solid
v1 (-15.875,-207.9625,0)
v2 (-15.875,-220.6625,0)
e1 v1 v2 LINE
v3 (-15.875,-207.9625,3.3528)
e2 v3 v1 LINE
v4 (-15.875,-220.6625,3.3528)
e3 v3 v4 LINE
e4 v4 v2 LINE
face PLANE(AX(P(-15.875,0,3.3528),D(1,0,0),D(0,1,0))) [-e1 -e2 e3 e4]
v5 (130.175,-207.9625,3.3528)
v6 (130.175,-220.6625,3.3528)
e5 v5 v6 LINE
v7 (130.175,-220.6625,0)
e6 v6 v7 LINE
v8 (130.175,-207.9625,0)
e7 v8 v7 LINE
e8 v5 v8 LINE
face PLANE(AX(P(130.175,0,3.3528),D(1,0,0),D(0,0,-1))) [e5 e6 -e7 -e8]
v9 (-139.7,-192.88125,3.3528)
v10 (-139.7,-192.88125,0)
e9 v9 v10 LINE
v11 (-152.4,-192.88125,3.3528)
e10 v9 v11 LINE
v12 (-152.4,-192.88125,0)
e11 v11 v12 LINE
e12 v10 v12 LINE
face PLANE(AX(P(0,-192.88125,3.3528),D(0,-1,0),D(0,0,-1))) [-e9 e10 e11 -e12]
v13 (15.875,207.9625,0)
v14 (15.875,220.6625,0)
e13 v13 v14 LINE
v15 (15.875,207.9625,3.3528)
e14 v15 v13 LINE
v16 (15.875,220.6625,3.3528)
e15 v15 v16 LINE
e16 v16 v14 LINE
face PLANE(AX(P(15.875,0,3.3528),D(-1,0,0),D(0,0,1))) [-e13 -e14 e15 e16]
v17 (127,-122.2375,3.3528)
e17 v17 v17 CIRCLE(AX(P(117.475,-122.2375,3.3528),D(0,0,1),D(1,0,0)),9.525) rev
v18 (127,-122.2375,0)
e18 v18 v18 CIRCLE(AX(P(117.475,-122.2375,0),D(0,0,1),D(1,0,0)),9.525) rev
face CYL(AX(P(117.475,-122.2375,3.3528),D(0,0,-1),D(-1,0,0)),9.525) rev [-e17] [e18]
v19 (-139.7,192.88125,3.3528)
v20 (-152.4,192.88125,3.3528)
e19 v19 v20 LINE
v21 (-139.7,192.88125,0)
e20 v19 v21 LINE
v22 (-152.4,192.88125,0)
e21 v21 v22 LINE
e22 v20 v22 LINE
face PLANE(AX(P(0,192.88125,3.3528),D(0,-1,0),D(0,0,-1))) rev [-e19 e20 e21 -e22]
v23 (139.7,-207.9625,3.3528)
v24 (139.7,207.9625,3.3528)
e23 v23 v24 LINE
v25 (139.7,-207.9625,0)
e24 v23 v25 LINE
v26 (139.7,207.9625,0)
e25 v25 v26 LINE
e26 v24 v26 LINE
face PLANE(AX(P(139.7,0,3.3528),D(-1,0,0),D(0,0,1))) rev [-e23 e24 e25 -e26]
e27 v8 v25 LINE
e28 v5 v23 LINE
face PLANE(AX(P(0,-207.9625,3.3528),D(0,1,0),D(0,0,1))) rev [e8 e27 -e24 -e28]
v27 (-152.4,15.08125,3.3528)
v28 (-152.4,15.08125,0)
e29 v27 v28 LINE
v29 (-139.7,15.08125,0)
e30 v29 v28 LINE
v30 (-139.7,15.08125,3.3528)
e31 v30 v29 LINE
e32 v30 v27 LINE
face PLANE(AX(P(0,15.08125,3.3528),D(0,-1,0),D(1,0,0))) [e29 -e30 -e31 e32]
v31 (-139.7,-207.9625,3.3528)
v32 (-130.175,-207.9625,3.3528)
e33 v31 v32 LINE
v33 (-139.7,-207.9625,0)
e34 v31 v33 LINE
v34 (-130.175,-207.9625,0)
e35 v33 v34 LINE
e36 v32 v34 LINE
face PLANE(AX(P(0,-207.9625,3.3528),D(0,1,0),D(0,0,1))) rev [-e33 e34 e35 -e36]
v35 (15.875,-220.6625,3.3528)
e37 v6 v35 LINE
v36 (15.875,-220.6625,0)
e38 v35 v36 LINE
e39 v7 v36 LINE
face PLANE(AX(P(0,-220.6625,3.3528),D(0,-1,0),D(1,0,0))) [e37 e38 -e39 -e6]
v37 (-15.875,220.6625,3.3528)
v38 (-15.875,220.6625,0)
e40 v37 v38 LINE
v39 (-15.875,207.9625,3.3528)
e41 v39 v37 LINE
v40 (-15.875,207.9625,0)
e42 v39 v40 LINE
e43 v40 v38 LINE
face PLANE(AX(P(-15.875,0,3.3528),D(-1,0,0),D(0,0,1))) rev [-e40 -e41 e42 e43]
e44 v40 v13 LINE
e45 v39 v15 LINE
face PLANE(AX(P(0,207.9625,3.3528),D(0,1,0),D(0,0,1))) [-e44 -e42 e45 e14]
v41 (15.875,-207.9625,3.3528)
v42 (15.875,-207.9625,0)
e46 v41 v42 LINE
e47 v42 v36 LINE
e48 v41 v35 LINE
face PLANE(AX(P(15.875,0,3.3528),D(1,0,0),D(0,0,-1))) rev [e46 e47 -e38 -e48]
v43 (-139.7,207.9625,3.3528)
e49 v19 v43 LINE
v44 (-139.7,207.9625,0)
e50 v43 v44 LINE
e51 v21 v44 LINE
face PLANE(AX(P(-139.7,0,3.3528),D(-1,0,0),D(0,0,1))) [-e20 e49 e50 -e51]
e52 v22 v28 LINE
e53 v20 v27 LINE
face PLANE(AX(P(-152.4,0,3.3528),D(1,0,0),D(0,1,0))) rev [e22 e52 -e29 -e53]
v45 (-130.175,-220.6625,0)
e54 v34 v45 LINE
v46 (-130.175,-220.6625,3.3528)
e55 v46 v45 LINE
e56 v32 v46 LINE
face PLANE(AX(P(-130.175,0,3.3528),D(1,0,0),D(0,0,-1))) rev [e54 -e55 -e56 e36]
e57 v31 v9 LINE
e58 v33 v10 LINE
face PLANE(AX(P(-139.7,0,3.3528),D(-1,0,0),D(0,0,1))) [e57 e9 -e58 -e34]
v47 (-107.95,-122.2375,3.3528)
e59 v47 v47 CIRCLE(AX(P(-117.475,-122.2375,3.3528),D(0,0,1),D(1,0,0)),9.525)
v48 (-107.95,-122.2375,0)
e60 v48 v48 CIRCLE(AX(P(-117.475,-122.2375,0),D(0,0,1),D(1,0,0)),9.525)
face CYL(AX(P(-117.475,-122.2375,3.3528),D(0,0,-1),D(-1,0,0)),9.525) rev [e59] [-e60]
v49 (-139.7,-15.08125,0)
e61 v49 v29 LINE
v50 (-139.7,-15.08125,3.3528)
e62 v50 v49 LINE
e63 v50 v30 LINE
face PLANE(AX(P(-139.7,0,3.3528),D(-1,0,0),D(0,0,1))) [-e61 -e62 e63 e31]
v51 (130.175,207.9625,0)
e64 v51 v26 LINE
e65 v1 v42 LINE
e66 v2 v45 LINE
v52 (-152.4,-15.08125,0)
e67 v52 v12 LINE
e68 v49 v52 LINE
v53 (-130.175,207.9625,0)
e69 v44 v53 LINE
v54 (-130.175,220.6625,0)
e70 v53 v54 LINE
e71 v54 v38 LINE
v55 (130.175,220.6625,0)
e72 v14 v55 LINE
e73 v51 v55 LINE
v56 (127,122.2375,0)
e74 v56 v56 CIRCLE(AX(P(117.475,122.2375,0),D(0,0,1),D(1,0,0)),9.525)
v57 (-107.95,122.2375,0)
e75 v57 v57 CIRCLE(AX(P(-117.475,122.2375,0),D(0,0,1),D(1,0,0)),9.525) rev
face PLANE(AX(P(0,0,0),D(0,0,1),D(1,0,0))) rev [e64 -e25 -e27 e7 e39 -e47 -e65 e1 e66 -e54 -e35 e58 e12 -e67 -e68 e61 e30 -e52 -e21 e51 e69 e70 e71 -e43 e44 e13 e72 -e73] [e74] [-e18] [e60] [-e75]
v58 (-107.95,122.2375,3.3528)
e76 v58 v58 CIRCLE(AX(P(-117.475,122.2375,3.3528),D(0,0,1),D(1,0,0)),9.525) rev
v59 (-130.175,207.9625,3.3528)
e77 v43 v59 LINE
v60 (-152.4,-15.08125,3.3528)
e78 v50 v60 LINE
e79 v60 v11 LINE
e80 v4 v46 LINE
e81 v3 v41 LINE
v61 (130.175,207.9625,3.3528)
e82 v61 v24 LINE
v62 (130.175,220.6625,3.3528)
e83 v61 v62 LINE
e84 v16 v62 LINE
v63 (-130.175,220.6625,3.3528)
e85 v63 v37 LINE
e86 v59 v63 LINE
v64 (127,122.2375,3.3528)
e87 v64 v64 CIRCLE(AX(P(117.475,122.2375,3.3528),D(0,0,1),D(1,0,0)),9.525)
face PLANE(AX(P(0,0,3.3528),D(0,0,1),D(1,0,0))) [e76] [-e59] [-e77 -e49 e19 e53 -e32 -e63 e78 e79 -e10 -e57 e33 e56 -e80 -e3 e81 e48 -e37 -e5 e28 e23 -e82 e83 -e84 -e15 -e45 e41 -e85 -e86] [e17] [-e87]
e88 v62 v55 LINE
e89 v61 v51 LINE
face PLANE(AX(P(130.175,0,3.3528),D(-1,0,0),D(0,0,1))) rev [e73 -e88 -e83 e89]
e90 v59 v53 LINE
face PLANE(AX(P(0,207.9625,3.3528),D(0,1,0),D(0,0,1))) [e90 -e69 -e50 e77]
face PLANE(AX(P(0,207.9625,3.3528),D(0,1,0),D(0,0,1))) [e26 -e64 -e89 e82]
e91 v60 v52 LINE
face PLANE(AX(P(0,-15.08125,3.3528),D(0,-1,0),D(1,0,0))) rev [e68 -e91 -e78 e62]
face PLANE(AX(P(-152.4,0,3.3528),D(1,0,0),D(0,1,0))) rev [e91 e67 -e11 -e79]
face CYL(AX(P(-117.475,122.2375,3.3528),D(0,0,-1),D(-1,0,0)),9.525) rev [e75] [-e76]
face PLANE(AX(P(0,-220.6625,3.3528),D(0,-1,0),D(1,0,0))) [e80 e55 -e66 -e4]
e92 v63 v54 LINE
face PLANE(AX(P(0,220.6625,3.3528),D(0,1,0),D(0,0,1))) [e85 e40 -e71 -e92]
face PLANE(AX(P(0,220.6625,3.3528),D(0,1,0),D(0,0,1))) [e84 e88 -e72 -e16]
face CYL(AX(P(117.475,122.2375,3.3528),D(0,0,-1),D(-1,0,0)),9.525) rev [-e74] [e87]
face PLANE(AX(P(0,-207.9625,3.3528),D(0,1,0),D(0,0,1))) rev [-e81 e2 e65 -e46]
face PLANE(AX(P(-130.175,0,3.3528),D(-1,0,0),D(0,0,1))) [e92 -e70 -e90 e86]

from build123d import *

# Parameters (mm, degrees)
SKETCH1_W           = 279.4
SKETCH1_H           = 415.925
SKETCH1_R           = 9.525
SKETCH1_W_2         = 12.7
SKETCH1_H_2         = 177.8
SKETCH1_W_3         = 114.3
SKETCH1_H_3         = 12.7
BOSS_EXTRUDE3_DEPTH = 3.3528


with BuildPart() as part:
    # Sketch1 → Boss-Extrude3 (new body)
    # profile 1 of 7: a face of its own
    with BuildSketch(Plane.XY):
        Rectangle(SKETCH1_W, SKETCH1_H)
        with Locations((117.475, -122.2375)):
            Circle(SKETCH1_R, mode=Mode.SUBTRACT)
        with Locations((117.475, 122.2375)):
            Circle(SKETCH1_R, mode=Mode.SUBTRACT)
        with Locations((-117.475, -122.2375)):
            Circle(SKETCH1_R, mode=Mode.SUBTRACT)
        with Locations((-117.475, 122.2375)):
            Circle(SKETCH1_R, mode=Mode.SUBTRACT)
    # profile 2 of 7: a face of its own
    with BuildSketch(Plane.XY):
        with Locations((-146.05, 103.98125)):
            Rectangle(SKETCH1_W_2, SKETCH1_H_2)
    # profile 3 of 7: a face of its own
    with BuildSketch(Plane.XY):
        with Locations((-73.025, 214.3125)):
            Rectangle(SKETCH1_W_3, SKETCH1_H_3)
    # profile 4 of 7: a face of its own
    with BuildSketch(Plane.XY):
        with Locations((-146.05, -103.98125)):
            Rectangle(SKETCH1_W_2, SKETCH1_H_2)
    # profile 5 of 7: a face of its own
    with BuildSketch(Plane.XY):
        with Locations((73.025, 214.3125)):
            Rectangle(SKETCH1_W_3, SKETCH1_H_3)
    # profile 6 of 7: a face of its own
    with BuildSketch(Plane.XY):
        with Locations((-73.025, -214.3125)):
            Rectangle(SKETCH1_W_3, SKETCH1_H_3)
    # profile 7 of 7: a face of its own
    with BuildSketch(Plane.XY):
        with Locations((73.025, -214.3125)):
            Rectangle(SKETCH1_W_3, SKETCH1_H_3)
    extrude(amount=BOSS_EXTRUDE3_DEPTH)


solid = part.part
